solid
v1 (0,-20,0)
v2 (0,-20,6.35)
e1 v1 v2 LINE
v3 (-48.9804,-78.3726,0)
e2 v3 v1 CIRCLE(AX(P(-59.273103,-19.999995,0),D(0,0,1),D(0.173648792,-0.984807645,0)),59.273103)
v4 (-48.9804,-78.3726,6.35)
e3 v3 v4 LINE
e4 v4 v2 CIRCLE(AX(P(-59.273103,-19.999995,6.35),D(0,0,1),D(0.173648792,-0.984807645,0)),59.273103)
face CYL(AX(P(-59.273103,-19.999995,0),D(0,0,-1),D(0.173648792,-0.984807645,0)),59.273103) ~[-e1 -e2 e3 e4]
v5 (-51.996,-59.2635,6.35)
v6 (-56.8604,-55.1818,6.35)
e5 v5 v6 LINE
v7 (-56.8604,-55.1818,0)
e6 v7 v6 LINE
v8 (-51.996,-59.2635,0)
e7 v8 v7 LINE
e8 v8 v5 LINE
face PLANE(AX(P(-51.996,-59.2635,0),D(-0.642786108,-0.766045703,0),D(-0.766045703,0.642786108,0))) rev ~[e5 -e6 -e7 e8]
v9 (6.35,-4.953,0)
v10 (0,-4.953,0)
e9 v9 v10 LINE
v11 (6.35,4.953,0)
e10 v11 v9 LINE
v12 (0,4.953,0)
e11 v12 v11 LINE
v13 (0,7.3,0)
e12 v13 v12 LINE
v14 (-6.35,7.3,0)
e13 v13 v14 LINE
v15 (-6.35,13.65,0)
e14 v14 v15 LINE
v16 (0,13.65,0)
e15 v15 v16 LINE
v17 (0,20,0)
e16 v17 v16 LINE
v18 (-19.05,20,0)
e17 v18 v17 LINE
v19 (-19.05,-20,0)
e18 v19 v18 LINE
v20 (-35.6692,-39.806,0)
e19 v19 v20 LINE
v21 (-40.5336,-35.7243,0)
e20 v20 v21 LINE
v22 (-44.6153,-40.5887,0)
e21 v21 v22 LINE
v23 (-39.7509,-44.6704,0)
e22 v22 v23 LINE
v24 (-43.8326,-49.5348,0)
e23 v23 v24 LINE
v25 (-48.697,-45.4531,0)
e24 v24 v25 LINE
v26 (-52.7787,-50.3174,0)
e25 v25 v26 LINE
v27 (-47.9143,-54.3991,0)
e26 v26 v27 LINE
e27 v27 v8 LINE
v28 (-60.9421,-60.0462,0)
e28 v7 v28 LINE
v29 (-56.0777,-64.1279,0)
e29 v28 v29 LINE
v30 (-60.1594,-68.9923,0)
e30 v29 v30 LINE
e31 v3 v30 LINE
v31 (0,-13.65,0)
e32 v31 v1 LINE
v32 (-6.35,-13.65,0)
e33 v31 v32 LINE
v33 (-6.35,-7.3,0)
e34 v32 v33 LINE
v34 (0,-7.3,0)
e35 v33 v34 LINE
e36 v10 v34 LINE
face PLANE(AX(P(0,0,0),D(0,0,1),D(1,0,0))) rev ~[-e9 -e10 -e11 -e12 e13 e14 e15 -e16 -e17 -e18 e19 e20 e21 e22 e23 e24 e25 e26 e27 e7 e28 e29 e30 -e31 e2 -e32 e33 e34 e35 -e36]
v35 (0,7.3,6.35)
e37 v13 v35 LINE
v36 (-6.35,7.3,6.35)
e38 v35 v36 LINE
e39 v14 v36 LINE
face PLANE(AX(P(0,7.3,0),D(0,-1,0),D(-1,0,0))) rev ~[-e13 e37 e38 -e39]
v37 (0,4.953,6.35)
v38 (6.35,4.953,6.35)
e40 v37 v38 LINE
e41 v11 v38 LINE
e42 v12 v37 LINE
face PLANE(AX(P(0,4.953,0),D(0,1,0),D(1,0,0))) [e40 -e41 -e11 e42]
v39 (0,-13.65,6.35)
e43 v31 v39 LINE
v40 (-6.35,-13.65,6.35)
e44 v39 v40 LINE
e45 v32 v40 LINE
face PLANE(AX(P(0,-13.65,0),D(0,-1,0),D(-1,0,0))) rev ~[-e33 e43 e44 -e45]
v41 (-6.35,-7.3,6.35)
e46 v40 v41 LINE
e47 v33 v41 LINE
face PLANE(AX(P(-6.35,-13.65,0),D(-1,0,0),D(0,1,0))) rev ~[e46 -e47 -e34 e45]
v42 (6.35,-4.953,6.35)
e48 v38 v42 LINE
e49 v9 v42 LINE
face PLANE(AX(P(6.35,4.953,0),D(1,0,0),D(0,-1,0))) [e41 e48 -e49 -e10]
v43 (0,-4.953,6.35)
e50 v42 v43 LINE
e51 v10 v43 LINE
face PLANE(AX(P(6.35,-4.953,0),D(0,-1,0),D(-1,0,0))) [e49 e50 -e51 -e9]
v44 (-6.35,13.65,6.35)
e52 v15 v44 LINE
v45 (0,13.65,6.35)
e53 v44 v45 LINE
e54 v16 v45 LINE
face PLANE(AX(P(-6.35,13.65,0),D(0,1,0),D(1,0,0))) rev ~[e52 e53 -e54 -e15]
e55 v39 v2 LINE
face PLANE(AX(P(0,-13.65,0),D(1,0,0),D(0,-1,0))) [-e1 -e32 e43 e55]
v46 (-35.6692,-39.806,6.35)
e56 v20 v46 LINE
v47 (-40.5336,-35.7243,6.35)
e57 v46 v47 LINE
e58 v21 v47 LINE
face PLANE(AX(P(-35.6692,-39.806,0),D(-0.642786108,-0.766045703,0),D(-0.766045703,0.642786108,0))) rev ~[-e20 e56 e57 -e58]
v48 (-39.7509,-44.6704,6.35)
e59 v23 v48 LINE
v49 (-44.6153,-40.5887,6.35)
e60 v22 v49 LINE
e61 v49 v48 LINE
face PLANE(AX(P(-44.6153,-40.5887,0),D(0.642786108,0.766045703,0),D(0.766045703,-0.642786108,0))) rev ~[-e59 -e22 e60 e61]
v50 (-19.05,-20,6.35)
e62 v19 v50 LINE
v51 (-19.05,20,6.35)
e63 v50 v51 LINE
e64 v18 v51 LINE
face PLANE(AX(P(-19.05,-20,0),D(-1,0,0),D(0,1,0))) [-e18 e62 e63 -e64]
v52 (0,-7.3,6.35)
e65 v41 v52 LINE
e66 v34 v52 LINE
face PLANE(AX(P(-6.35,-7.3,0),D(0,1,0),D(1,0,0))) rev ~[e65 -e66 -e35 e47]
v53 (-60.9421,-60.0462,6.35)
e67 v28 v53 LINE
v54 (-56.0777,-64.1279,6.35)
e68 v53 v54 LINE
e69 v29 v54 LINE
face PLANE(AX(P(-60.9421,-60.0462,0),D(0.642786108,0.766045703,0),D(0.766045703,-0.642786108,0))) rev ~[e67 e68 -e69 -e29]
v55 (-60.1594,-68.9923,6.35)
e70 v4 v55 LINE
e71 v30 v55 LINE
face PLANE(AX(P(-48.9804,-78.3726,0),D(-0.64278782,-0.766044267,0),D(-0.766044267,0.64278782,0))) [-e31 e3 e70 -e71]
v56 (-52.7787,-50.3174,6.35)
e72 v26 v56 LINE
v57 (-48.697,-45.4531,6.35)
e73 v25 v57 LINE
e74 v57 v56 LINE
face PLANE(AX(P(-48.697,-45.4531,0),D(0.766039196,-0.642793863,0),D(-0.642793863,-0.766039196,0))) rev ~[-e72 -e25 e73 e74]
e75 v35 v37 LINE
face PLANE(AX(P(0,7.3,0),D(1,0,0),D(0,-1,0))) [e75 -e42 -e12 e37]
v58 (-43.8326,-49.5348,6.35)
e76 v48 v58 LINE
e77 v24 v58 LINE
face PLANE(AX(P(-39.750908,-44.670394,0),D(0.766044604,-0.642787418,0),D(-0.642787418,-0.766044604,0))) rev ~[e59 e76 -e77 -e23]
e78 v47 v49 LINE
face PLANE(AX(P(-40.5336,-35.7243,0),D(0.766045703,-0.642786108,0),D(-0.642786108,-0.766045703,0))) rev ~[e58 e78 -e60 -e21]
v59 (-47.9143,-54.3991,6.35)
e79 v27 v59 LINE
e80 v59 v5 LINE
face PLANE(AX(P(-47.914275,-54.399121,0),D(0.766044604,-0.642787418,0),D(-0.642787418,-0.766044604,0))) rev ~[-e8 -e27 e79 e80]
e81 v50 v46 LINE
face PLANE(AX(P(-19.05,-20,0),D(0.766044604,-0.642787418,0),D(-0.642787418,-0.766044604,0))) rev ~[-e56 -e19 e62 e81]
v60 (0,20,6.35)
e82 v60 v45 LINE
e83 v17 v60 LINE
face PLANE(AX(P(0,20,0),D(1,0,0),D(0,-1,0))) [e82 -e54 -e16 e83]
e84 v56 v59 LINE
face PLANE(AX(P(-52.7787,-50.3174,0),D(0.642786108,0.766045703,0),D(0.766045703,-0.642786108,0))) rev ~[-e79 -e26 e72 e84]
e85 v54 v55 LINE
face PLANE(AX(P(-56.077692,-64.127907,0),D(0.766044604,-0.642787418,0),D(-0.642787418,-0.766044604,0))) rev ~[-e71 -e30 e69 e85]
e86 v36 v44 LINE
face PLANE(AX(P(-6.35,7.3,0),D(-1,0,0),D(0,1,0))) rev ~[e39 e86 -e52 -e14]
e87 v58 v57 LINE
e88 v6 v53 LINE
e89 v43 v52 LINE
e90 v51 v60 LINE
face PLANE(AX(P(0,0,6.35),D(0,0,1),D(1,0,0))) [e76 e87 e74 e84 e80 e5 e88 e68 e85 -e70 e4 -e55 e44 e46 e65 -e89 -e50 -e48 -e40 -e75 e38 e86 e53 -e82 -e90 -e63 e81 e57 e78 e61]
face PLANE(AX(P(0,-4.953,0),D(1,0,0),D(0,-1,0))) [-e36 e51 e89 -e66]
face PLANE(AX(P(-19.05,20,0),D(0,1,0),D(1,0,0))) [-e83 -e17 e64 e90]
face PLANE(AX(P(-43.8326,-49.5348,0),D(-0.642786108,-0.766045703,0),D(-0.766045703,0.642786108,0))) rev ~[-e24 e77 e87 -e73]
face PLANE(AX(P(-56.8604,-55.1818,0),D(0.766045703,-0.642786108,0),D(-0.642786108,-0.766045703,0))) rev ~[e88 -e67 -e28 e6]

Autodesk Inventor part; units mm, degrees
ref_plane "YZ Plane" through (0, 0, 0) normal (1, 0, 0) x (0, 1, 0)
ref_plane "XZ Plane" through (0, 0, 0) normal (0, 1, 0) x (-1, 0, 0)
ref_plane "XY Plane" through (0, 0, 0) normal (0, 0, 1) x (1, 0, 0)
sketch "Sketch1" plane through (0, 0, 0) normal (0, 0, 1) x (1, 0, 0)
  line L0 (-19.05, -20) -> (-60.1594, -68.9923)
  line L1 (-6.35, -7.3) -> (0, -7.3)
  line L2 (0, -7.3) -> (0, -13.65)
  line L3 (0, -13.65) -> (-6.35, -13.65)
  line L4 (-6.35, -13.65) -> (-6.35, -7.3)
  line L5 (6.35, -4.953) -> (0, -4.953)
  line L6 (0, -4.953) -> (0, 4.953)
  line L7 (0, 4.953) -> (6.35, 4.953)
  line L8 (6.35, 4.953) -> (6.35, -4.953)
  line L9 (-6.35, 13.65) -> (0, 13.65)
  line L10 (0, 13.65) -> (0, 7.3)
  line L11 (0, 7.3) -> (-6.35, 7.3)
  line L12 (-6.35, 7.3) -> (-6.35, 13.65)
  line L13 (0, -20) -> (-19.05, -20)
  line L14 (-19.05, -20) -> (-19.05, 20)
  line L15 (-19.05, 20) -> (0, 20)
  line L16 (0, 20) -> (0, -20)
  line L17 (-48.9804, -78.3726) -> (-8.1634, -29.7288)
  line L18 (-8.1634, -29.7288) -> (0, -20)
  line L19 (-48.9804, -78.3726) -> (-60.1594, -68.9923)
  line L20 (-56.0777, -64.1279) -> (-51.996, -59.2635)
  line L21 (-51.996, -59.2635) -> (-56.8604, -55.1818)
  line L22 (-56.8604, -55.1818) -> (-60.9421, -60.0462)
  line L23 (-60.9421, -60.0462) -> (-56.0777, -64.1279)
  line L24 (-47.9143, -54.3991) -> (-43.8326, -49.5348)
  line L25 (-43.8326, -49.5348) -> (-48.697, -45.4531)
  line L26 (-48.697, -45.4531) -> (-52.7787, -50.3174)
  line L27 (-52.7787, -50.3174) -> (-47.9143, -54.3991)
  line L28 (-39.7509, -44.6704) -> (-35.6692, -39.806)
  line L29 (-35.6692, -39.806) -> (-40.5336, -35.7243)
  line L30 (-40.5336, -35.7243) -> (-44.6153, -40.5887)
  line L31 (-44.6153, -40.5887) -> (-39.7509, -44.6704)
  arc A0 (-48.9804, -78.3726) -> (0, -20) centre (-59.2731, -20) ccw
  point P0 (0, 0)
  point P1 (0, 0)
  dimension "d0" = 6.35
  dimension "d2" = 9.906
  dimension "d3" = 40
  dimension "d4" = 6.35
  dimension "d5" = 6.35
  dimension "d6" = 6.35
  dimension "d10" = 50
  dimension "d11" = 19.05
  dimension "d12" = 12.7
  dimension "d15" = 6.35
  dimension "d16" = 6.35
  dimension "d19" = 12.7
  dimension "d24" = 76.2
extrude "Extrusion1" add sketch "Sketch1" along normal blind 6.35 contours L13 L18 L17 L19 L0 | L14 L15 L16 L9 L12 L11 L6 L1 L4 L3 L13 | L0 L31 L30 L29 | A0 L17 L18 | L0 L27 L26 L25 | L6 L7 L8 L5 | L23 L22 L21 L0
properties part number "acrylic kinect bracket - bracket"
